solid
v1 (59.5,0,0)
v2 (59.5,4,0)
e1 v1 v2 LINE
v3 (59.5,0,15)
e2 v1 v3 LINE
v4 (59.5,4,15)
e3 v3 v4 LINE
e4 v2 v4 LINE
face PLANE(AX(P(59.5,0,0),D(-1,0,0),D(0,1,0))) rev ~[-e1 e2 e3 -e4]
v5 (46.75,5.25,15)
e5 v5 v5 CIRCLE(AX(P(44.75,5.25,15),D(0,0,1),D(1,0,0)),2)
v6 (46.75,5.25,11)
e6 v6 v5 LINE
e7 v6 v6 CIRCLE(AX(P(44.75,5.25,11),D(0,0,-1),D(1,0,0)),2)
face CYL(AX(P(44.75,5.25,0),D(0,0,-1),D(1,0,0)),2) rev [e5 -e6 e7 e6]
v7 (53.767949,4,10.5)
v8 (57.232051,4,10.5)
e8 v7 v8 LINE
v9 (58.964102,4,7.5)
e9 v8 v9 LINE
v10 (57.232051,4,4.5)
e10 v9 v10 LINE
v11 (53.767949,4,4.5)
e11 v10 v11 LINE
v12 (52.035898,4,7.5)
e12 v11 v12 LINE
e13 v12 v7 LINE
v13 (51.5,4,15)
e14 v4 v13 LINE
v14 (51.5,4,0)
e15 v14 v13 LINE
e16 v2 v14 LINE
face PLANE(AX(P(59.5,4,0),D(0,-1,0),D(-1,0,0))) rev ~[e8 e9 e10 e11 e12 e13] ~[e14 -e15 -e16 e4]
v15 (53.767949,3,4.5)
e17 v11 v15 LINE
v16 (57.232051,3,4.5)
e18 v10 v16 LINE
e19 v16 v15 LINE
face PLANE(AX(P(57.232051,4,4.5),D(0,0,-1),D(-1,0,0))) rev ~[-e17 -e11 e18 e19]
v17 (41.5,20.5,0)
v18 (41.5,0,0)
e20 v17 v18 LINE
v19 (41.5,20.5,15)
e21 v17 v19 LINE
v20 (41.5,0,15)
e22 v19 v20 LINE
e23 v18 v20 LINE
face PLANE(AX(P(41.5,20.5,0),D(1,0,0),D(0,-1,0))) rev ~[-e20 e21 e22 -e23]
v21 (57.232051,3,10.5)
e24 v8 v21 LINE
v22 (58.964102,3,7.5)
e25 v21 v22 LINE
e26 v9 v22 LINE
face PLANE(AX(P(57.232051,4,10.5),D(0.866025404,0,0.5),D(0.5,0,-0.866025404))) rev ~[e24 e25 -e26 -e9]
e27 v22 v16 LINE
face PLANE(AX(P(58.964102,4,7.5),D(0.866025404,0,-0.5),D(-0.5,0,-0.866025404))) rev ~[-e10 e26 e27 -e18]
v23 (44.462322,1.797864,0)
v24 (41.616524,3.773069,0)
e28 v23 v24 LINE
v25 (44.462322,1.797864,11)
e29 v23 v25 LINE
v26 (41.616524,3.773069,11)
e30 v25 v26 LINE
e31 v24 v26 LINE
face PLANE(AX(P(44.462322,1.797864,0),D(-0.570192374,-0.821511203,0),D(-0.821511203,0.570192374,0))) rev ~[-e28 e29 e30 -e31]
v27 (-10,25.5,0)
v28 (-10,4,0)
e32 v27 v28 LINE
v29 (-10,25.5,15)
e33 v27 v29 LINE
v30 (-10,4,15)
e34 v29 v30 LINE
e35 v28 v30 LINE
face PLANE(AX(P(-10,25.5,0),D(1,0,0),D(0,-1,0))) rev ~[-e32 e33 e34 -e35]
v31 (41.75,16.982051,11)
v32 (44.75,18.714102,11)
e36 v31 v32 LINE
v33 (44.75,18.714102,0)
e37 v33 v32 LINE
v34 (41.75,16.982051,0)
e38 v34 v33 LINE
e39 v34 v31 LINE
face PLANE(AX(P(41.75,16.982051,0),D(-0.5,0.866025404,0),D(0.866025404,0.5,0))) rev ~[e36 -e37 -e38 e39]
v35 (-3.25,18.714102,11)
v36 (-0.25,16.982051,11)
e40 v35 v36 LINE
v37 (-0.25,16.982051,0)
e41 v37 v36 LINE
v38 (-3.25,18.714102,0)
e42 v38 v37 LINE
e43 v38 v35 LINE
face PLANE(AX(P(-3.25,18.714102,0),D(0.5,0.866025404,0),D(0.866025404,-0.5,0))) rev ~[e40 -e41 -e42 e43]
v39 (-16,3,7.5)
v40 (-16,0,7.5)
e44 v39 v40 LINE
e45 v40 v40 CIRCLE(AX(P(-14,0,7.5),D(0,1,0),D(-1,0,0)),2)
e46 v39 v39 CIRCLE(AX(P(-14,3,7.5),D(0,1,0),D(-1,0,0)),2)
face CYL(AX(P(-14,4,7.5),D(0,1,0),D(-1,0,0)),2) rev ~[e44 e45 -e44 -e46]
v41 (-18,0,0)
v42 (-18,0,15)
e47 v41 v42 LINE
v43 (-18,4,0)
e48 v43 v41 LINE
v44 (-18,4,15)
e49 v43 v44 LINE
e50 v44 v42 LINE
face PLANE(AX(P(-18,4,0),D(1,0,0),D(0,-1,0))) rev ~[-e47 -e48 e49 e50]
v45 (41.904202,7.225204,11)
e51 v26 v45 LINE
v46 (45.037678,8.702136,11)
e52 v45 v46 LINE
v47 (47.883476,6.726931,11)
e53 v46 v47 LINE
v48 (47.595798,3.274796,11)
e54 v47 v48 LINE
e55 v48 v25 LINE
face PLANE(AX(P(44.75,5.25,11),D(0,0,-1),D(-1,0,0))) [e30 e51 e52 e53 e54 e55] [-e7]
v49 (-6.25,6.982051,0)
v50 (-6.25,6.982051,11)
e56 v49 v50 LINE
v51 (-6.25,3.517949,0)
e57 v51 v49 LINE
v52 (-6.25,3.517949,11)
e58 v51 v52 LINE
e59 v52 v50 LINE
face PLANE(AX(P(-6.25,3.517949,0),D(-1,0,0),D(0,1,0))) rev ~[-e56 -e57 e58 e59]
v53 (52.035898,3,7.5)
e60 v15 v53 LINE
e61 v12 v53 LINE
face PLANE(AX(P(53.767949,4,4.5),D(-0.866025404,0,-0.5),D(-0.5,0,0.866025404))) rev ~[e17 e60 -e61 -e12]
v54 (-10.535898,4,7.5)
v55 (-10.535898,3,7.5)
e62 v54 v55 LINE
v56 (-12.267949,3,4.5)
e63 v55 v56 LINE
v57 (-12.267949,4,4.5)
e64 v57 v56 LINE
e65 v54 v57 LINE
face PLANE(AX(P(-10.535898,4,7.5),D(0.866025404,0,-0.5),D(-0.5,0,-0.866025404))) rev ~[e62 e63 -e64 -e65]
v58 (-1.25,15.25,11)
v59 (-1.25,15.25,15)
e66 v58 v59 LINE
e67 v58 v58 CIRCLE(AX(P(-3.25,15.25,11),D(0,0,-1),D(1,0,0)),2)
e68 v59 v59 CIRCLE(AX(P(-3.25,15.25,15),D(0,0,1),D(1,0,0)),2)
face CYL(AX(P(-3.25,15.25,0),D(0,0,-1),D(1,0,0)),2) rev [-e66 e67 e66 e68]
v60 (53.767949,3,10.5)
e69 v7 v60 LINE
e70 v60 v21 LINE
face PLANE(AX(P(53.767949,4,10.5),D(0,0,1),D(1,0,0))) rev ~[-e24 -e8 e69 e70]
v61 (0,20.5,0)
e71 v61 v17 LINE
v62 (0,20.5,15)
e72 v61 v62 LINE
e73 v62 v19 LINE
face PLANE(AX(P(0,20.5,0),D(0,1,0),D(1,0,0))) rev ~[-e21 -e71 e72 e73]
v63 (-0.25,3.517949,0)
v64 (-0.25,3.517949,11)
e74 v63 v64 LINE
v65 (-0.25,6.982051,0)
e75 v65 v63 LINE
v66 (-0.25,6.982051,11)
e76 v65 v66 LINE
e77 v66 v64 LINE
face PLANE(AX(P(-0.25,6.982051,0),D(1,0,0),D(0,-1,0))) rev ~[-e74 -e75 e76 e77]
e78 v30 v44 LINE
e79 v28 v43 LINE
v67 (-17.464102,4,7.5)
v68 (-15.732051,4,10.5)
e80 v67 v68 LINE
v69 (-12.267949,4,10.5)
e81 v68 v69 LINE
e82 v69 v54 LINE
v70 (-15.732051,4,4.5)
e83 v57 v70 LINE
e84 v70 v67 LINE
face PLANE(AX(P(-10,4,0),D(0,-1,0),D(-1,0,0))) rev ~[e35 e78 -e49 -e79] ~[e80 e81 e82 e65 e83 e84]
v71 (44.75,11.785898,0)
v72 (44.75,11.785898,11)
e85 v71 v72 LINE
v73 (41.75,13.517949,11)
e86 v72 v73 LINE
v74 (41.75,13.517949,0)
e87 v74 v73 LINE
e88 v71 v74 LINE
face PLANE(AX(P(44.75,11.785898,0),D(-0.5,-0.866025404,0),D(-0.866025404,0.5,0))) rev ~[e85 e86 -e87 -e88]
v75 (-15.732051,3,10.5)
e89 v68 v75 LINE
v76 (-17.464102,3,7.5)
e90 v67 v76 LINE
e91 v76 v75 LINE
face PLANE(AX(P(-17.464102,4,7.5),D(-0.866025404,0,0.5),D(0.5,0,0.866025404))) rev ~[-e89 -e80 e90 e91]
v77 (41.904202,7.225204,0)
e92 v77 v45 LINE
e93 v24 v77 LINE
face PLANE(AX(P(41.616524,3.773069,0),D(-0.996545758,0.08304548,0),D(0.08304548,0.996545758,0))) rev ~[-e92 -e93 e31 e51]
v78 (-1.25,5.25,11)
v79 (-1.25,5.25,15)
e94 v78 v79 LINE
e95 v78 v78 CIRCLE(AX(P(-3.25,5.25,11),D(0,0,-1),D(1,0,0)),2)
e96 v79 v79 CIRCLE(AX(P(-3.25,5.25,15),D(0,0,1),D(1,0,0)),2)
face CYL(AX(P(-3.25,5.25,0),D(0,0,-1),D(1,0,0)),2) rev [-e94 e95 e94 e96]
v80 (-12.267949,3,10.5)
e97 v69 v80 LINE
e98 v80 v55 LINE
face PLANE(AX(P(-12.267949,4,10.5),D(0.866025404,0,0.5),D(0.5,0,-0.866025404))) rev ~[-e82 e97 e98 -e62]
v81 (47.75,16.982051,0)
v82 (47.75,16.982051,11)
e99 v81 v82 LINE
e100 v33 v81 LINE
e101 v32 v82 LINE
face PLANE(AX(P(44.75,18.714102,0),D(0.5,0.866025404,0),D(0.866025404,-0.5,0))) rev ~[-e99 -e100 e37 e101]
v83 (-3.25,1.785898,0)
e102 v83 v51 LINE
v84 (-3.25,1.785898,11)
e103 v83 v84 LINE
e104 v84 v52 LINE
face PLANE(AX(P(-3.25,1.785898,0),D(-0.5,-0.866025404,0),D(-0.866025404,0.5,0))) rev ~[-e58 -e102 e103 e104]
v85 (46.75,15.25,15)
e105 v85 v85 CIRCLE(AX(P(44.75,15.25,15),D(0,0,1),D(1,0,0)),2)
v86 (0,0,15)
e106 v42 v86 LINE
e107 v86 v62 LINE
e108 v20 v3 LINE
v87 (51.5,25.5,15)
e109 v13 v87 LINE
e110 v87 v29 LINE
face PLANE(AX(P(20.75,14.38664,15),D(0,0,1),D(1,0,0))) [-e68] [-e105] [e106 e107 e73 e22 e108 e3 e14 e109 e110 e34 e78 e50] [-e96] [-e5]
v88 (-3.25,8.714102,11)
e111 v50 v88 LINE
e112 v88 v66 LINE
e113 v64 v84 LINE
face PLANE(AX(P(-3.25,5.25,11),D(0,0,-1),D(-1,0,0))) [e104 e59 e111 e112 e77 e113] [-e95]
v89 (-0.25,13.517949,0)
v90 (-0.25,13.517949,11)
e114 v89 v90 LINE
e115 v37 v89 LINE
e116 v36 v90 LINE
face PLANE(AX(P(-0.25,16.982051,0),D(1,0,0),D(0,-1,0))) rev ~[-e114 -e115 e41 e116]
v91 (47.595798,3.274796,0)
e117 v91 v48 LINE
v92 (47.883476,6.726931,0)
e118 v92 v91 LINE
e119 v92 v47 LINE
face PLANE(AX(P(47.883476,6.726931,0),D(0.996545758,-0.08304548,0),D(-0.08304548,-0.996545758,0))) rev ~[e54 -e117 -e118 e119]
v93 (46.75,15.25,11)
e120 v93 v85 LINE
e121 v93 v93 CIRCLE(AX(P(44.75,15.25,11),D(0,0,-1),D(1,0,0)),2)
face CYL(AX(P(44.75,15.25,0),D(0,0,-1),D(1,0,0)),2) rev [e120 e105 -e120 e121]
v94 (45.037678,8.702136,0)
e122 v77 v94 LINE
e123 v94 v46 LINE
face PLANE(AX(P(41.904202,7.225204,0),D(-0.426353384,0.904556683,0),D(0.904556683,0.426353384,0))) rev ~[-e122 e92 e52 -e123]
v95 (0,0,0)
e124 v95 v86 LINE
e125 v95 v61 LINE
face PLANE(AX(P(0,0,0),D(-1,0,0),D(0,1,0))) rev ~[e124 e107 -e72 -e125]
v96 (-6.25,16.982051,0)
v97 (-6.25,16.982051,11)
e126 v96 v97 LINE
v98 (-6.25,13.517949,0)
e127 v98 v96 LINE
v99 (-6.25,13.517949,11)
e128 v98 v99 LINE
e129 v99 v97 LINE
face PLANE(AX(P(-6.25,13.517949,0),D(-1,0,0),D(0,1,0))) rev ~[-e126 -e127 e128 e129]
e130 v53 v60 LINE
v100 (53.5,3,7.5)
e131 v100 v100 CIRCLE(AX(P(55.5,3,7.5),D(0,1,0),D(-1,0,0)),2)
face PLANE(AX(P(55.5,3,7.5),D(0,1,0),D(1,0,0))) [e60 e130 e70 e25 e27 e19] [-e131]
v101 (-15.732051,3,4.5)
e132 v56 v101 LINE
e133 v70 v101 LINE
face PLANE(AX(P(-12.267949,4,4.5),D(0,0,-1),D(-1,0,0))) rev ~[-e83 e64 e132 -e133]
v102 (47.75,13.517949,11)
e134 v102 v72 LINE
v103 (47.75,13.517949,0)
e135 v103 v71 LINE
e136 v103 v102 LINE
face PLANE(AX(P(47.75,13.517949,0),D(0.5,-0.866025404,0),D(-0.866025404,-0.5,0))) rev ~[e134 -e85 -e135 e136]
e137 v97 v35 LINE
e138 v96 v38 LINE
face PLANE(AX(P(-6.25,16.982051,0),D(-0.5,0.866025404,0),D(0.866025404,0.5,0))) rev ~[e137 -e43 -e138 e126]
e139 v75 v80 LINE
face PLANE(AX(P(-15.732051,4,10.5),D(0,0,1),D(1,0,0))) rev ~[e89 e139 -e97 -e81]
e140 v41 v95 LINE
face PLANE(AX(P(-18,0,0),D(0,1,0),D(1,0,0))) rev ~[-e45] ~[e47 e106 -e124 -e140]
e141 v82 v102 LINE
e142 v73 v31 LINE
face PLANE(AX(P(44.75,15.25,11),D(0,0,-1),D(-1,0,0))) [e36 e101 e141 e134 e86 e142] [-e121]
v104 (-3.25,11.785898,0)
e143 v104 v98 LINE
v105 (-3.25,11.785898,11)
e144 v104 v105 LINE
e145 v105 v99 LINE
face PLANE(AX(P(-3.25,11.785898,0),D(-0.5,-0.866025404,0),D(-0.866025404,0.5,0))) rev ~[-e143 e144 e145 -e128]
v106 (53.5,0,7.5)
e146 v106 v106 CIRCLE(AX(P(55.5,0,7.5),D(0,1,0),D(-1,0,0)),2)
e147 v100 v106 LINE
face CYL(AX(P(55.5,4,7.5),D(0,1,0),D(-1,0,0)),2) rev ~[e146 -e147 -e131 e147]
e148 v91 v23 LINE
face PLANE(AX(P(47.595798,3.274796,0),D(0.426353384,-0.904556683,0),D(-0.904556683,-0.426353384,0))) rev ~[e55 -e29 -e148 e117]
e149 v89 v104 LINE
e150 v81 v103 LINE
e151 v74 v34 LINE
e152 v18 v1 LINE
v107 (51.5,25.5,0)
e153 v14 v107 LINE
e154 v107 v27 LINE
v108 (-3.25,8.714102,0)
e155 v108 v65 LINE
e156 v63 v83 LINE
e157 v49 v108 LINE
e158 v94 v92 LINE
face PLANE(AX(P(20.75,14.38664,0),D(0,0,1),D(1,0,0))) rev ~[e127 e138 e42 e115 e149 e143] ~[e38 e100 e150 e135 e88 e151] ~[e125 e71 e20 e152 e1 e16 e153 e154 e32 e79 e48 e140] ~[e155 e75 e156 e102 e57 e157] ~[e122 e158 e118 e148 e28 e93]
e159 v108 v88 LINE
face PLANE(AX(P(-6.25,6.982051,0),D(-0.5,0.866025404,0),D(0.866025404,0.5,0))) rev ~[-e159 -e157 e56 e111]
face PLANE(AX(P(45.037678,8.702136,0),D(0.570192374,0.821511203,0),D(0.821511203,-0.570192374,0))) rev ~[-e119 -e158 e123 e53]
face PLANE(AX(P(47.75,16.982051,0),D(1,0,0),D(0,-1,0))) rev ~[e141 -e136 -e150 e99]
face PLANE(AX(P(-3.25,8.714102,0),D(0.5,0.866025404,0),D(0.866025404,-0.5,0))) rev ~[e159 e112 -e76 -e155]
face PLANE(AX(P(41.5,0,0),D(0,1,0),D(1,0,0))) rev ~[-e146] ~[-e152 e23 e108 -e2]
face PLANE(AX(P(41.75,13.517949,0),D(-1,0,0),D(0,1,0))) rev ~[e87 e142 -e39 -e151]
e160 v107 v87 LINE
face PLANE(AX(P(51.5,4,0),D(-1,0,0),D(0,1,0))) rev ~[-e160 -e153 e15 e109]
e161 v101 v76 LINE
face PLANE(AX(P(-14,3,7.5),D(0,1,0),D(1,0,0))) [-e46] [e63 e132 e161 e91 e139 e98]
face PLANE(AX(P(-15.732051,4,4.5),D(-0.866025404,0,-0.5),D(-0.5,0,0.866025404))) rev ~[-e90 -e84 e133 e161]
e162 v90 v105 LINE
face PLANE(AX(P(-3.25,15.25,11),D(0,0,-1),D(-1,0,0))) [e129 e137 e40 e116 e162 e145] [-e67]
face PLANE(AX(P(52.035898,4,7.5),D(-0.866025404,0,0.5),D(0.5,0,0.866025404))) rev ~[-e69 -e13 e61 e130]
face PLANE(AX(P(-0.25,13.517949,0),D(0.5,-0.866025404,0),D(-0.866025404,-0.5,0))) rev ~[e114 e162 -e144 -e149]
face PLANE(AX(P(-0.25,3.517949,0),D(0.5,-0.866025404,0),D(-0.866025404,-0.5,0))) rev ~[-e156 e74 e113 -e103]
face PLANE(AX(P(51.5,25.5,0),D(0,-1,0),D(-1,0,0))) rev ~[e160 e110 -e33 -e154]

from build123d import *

# Parameters (mm, degrees)
SKETCH1_R           = 2
BOSS_EXTRUDE1_DEPTH = 15
CUT_EXTRUDE1_DEPTH  = 11
CUT_EXTRUDE2_DEPTH  = 1
SKETCH5_R           = 2
CUT_EXTRUDE3_DEPTH  = 4


with BuildPart() as part:
    # Sketch1 → Boss-Extrude1 (new body)
    with BuildSketch(Plane.XY):
        Polygon((0, 0), (0, 20.5), (41.5, 20.5), (41.5, 0), (59.5, 0), (59.5, 4), (51.5, 4), (51.5, 25.5), (-10, 25.5), (-10, 4), (-18, 4), (-18, 0), align=None)
        with Locations((44.75, 5.25)):
            Circle(SKETCH1_R, mode=Mode.SUBTRACT)
        with Locations((44.75, 15.25)):
            Circle(SKETCH1_R, mode=Mode.SUBTRACT)
        with Locations((-3.25, 15.25)):
            Circle(SKETCH1_R, mode=Mode.SUBTRACT)
        with Locations((-3.25, 5.25)):
            Circle(SKETCH1_R, mode=Mode.SUBTRACT)
    extrude(amount=BOSS_EXTRUDE1_DEPTH)

    # Sketch3 → Cut-Extrude1 (cut)
    with BuildSketch(Plane(origin=(0, 0, 0), x_dir=(-1, 0, 0), z_dir=(0, 0, -1))):
        Polygon((3.25, 18.714101615), (0.25, 16.982050808), (0.25, 13.517949192), (3.25, 11.785898385), (6.25, 13.517949192), (6.25, 16.982050808), align=None)
        Polygon((3.25, 8.714101615), (0.25, 6.982050808), (0.25, 3.517949192), (3.25, 1.785898385), (6.25, 3.517949192), (6.25, 6.982050808), align=None)
        Polygon((-44.75, 18.714101615), (-47.75, 16.982050808), (-47.75, 13.517949192), (-44.75, 11.785898385), (-41.75, 13.517949192), (-41.75, 16.982050808), align=None)
        Polygon((-45.037677981, 8.702135771), (-47.883476265, 6.726931446), (-47.595798284, 3.274795675), (-44.462322019, 1.797864229), (-41.616523735, 3.773068554), (-41.904201716, 7.225204325), align=None)
    extrude(amount=-CUT_EXTRUDE1_DEPTH, mode=Mode.SUBTRACT)

    # Sketch4 → Cut-Extrude2 (cut)
    with BuildSketch(Plane(origin=(0, 4, 0), x_dir=(1, 0, 0), z_dir=(0, 1, 0))):
        Polygon((58.964101615, -7.5), (57.232050808, -4.5), (53.767949192, -4.5), (52.035898385, -7.5), (53.767949192, -10.5), (57.232050808, -10.5), align=None)
        Polygon((-17.464101615, -7.5), (-15.732050808, -10.5), (-12.267949192, -10.5), (-10.535898385, -7.5), (-12.267949192, -4.5), (-15.732050808, -4.5), align=None)
    extrude(amount=-CUT_EXTRUDE2_DEPTH, mode=Mode.SUBTRACT)

    # Sketch5 → Cut-Extrude3 (cut)
    with BuildSketch(Plane(origin=(0, 4, 0), x_dir=(1, 0, 0), z_dir=(0, 1, 0))):
        with Locations(Location((55.5, -7.5, 0), (0, 0, 180))):
            Circle(SKETCH5_R)
        with Locations(Location((-14, -7.5, 0), (0, 0, 180))):
            Circle(SKETCH5_R)
    extrude(amount=-CUT_EXTRUDE3_DEPTH, mode=Mode.SUBTRACT)


solid = part.part
